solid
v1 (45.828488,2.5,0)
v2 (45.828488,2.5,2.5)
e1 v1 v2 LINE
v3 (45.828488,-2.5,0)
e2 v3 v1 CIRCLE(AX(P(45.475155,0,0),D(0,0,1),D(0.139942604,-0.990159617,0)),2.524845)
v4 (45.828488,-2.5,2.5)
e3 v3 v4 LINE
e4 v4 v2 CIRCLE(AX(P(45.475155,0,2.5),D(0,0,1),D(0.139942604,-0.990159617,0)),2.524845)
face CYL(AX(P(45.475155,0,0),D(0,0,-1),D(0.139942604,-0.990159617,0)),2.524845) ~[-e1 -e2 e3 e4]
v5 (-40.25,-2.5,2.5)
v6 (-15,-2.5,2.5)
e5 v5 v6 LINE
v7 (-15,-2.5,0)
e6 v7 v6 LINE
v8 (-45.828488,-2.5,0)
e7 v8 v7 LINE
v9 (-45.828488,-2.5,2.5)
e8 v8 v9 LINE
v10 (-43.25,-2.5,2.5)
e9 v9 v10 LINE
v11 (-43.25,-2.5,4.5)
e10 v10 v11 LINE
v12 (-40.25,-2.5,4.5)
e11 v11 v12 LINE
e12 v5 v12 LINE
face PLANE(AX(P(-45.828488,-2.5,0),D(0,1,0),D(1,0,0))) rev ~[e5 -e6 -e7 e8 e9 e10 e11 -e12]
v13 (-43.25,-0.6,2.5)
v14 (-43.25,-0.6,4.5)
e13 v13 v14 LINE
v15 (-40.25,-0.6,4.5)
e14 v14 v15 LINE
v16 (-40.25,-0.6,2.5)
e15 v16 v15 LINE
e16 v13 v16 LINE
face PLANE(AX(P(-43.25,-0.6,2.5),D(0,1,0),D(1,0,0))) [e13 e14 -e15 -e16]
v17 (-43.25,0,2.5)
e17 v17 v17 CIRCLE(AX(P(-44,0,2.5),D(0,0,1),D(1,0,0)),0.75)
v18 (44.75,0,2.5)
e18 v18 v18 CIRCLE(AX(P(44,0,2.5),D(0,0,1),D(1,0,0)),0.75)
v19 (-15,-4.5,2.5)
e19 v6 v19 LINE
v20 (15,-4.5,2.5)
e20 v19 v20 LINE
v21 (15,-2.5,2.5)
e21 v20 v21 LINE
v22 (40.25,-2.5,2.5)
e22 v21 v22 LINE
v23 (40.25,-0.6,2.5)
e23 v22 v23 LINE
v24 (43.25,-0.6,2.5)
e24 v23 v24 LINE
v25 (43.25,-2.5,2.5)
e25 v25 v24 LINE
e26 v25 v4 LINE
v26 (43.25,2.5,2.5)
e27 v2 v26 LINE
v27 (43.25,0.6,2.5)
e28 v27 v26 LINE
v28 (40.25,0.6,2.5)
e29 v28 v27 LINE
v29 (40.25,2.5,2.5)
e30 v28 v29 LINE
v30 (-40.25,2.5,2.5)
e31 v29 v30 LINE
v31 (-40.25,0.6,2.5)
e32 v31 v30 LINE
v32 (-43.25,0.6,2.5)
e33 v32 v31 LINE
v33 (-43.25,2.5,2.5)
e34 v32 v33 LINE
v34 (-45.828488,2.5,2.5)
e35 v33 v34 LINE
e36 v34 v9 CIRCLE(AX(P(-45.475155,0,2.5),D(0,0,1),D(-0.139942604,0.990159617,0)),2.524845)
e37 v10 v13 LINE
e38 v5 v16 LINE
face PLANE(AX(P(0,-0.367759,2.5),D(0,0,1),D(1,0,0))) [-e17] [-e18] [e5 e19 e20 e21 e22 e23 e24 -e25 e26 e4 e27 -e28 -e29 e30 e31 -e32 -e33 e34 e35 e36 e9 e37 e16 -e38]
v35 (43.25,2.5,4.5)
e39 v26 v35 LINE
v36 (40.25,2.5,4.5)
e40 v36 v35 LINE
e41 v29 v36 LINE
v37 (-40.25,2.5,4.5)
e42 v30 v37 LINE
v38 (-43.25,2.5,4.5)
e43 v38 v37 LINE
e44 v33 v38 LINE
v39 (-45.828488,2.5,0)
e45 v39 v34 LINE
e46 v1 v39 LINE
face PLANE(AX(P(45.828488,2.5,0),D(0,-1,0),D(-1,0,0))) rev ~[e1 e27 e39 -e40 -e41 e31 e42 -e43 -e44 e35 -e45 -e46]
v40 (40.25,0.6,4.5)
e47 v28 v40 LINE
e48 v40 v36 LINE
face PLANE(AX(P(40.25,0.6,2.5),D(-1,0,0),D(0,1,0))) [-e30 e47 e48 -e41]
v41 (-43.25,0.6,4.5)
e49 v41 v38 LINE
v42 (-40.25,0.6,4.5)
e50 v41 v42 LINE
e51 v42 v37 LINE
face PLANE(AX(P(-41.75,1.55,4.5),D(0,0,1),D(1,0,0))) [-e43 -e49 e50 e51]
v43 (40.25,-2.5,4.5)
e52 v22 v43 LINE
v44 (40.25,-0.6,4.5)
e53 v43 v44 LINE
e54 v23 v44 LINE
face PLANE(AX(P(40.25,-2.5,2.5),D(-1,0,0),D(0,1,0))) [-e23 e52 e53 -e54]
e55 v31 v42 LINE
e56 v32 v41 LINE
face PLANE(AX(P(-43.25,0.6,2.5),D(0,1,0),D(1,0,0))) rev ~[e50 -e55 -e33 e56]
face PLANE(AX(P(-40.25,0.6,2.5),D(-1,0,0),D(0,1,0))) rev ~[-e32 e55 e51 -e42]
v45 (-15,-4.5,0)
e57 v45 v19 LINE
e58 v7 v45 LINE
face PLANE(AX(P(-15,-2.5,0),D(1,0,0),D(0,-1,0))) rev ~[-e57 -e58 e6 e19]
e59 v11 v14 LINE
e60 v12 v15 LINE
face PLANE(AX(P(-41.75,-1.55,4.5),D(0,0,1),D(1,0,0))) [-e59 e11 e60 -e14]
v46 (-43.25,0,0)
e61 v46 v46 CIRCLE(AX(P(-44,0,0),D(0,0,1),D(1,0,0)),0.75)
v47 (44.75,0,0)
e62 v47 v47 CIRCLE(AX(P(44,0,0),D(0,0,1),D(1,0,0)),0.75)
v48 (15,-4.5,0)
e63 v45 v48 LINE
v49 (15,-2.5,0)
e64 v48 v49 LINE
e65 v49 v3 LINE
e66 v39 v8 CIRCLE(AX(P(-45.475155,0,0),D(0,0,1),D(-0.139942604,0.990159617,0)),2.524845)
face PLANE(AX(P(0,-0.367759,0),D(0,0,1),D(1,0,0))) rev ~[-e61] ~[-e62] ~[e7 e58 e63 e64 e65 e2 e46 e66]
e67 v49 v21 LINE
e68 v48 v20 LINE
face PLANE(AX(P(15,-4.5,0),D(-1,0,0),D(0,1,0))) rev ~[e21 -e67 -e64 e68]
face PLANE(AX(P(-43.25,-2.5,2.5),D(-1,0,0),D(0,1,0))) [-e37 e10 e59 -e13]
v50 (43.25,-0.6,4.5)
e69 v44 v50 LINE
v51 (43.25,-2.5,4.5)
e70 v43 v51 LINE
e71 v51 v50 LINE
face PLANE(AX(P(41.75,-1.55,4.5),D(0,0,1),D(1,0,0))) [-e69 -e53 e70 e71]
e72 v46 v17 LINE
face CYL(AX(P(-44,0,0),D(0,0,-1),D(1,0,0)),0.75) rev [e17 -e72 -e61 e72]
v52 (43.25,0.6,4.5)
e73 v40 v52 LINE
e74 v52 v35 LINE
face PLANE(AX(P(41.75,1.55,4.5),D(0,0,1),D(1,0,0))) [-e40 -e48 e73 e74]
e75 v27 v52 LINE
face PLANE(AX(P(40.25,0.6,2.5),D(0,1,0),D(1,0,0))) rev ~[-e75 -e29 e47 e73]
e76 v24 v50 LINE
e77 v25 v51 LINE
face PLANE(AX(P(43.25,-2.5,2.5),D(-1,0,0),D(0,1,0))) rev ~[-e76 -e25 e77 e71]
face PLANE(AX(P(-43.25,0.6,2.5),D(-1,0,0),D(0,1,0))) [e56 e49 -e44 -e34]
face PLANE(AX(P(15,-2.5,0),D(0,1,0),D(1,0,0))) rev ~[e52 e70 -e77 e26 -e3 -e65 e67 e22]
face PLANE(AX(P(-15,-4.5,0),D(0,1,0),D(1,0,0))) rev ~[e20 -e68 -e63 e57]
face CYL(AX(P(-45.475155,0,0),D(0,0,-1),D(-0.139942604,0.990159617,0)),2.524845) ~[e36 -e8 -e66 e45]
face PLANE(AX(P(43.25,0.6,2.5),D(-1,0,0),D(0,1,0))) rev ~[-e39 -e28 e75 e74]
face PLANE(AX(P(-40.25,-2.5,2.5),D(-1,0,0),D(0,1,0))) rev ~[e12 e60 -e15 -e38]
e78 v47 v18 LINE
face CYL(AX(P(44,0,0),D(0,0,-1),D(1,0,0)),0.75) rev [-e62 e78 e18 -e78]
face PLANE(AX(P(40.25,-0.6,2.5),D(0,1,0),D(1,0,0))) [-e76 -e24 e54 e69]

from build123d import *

# Parameters (mm, degrees)
F0_R     = 0.75
F1_DEPTH = 2.5
F2_W     = 3
F2_H     = 1.9
F3_DEPTH = 2


with BuildPart() as f1:
    # F0 (on Top) → F1 (new body)
    with BuildSketch(Plane.XY):
        with BuildLine():
            Line((45.828488, 2.5), (-45.828488, 2.5))
            ThreePointArc((-45.828488, 2.5), (-48, 0), (-45.828488, -2.5))
            Line((-45.828488, -2.5), (-15, -2.5))
            Line((-15, -2.5), (-15, -4.5))
            Line((-15, -4.5), (15, -4.5))
            Line((15, -4.5), (15, -2.5))
            Line((15, -2.5), (45.828488, -2.5))
            ThreePointArc((45.828488, -2.5), (48, 0), (45.828488, 2.5))
        make_face()
        with Locations((-44, 0)):
            Circle(F0_R, mode=Mode.SUBTRACT)
        with Locations((44, 0)):
            Circle(F0_R, mode=Mode.SUBTRACT)
    extrude(amount=F1_DEPTH)

    # F2 (on face) → F3 (join)
    with BuildSketch(Plane.XY.offset(2.5)):
        with Locations((-41.75, 1.55)):
            Rectangle(F2_W, F2_H)
        with Locations((-41.75, -1.55)):
            Rectangle(F2_W, F2_H)
        with Locations((41.75, -1.55)):
            Rectangle(F2_W, F2_H)
        with Locations((41.75, 1.55)):
            Rectangle(F2_W, F2_H)
    extrude(amount=F3_DEPTH)


solid = f1.part
